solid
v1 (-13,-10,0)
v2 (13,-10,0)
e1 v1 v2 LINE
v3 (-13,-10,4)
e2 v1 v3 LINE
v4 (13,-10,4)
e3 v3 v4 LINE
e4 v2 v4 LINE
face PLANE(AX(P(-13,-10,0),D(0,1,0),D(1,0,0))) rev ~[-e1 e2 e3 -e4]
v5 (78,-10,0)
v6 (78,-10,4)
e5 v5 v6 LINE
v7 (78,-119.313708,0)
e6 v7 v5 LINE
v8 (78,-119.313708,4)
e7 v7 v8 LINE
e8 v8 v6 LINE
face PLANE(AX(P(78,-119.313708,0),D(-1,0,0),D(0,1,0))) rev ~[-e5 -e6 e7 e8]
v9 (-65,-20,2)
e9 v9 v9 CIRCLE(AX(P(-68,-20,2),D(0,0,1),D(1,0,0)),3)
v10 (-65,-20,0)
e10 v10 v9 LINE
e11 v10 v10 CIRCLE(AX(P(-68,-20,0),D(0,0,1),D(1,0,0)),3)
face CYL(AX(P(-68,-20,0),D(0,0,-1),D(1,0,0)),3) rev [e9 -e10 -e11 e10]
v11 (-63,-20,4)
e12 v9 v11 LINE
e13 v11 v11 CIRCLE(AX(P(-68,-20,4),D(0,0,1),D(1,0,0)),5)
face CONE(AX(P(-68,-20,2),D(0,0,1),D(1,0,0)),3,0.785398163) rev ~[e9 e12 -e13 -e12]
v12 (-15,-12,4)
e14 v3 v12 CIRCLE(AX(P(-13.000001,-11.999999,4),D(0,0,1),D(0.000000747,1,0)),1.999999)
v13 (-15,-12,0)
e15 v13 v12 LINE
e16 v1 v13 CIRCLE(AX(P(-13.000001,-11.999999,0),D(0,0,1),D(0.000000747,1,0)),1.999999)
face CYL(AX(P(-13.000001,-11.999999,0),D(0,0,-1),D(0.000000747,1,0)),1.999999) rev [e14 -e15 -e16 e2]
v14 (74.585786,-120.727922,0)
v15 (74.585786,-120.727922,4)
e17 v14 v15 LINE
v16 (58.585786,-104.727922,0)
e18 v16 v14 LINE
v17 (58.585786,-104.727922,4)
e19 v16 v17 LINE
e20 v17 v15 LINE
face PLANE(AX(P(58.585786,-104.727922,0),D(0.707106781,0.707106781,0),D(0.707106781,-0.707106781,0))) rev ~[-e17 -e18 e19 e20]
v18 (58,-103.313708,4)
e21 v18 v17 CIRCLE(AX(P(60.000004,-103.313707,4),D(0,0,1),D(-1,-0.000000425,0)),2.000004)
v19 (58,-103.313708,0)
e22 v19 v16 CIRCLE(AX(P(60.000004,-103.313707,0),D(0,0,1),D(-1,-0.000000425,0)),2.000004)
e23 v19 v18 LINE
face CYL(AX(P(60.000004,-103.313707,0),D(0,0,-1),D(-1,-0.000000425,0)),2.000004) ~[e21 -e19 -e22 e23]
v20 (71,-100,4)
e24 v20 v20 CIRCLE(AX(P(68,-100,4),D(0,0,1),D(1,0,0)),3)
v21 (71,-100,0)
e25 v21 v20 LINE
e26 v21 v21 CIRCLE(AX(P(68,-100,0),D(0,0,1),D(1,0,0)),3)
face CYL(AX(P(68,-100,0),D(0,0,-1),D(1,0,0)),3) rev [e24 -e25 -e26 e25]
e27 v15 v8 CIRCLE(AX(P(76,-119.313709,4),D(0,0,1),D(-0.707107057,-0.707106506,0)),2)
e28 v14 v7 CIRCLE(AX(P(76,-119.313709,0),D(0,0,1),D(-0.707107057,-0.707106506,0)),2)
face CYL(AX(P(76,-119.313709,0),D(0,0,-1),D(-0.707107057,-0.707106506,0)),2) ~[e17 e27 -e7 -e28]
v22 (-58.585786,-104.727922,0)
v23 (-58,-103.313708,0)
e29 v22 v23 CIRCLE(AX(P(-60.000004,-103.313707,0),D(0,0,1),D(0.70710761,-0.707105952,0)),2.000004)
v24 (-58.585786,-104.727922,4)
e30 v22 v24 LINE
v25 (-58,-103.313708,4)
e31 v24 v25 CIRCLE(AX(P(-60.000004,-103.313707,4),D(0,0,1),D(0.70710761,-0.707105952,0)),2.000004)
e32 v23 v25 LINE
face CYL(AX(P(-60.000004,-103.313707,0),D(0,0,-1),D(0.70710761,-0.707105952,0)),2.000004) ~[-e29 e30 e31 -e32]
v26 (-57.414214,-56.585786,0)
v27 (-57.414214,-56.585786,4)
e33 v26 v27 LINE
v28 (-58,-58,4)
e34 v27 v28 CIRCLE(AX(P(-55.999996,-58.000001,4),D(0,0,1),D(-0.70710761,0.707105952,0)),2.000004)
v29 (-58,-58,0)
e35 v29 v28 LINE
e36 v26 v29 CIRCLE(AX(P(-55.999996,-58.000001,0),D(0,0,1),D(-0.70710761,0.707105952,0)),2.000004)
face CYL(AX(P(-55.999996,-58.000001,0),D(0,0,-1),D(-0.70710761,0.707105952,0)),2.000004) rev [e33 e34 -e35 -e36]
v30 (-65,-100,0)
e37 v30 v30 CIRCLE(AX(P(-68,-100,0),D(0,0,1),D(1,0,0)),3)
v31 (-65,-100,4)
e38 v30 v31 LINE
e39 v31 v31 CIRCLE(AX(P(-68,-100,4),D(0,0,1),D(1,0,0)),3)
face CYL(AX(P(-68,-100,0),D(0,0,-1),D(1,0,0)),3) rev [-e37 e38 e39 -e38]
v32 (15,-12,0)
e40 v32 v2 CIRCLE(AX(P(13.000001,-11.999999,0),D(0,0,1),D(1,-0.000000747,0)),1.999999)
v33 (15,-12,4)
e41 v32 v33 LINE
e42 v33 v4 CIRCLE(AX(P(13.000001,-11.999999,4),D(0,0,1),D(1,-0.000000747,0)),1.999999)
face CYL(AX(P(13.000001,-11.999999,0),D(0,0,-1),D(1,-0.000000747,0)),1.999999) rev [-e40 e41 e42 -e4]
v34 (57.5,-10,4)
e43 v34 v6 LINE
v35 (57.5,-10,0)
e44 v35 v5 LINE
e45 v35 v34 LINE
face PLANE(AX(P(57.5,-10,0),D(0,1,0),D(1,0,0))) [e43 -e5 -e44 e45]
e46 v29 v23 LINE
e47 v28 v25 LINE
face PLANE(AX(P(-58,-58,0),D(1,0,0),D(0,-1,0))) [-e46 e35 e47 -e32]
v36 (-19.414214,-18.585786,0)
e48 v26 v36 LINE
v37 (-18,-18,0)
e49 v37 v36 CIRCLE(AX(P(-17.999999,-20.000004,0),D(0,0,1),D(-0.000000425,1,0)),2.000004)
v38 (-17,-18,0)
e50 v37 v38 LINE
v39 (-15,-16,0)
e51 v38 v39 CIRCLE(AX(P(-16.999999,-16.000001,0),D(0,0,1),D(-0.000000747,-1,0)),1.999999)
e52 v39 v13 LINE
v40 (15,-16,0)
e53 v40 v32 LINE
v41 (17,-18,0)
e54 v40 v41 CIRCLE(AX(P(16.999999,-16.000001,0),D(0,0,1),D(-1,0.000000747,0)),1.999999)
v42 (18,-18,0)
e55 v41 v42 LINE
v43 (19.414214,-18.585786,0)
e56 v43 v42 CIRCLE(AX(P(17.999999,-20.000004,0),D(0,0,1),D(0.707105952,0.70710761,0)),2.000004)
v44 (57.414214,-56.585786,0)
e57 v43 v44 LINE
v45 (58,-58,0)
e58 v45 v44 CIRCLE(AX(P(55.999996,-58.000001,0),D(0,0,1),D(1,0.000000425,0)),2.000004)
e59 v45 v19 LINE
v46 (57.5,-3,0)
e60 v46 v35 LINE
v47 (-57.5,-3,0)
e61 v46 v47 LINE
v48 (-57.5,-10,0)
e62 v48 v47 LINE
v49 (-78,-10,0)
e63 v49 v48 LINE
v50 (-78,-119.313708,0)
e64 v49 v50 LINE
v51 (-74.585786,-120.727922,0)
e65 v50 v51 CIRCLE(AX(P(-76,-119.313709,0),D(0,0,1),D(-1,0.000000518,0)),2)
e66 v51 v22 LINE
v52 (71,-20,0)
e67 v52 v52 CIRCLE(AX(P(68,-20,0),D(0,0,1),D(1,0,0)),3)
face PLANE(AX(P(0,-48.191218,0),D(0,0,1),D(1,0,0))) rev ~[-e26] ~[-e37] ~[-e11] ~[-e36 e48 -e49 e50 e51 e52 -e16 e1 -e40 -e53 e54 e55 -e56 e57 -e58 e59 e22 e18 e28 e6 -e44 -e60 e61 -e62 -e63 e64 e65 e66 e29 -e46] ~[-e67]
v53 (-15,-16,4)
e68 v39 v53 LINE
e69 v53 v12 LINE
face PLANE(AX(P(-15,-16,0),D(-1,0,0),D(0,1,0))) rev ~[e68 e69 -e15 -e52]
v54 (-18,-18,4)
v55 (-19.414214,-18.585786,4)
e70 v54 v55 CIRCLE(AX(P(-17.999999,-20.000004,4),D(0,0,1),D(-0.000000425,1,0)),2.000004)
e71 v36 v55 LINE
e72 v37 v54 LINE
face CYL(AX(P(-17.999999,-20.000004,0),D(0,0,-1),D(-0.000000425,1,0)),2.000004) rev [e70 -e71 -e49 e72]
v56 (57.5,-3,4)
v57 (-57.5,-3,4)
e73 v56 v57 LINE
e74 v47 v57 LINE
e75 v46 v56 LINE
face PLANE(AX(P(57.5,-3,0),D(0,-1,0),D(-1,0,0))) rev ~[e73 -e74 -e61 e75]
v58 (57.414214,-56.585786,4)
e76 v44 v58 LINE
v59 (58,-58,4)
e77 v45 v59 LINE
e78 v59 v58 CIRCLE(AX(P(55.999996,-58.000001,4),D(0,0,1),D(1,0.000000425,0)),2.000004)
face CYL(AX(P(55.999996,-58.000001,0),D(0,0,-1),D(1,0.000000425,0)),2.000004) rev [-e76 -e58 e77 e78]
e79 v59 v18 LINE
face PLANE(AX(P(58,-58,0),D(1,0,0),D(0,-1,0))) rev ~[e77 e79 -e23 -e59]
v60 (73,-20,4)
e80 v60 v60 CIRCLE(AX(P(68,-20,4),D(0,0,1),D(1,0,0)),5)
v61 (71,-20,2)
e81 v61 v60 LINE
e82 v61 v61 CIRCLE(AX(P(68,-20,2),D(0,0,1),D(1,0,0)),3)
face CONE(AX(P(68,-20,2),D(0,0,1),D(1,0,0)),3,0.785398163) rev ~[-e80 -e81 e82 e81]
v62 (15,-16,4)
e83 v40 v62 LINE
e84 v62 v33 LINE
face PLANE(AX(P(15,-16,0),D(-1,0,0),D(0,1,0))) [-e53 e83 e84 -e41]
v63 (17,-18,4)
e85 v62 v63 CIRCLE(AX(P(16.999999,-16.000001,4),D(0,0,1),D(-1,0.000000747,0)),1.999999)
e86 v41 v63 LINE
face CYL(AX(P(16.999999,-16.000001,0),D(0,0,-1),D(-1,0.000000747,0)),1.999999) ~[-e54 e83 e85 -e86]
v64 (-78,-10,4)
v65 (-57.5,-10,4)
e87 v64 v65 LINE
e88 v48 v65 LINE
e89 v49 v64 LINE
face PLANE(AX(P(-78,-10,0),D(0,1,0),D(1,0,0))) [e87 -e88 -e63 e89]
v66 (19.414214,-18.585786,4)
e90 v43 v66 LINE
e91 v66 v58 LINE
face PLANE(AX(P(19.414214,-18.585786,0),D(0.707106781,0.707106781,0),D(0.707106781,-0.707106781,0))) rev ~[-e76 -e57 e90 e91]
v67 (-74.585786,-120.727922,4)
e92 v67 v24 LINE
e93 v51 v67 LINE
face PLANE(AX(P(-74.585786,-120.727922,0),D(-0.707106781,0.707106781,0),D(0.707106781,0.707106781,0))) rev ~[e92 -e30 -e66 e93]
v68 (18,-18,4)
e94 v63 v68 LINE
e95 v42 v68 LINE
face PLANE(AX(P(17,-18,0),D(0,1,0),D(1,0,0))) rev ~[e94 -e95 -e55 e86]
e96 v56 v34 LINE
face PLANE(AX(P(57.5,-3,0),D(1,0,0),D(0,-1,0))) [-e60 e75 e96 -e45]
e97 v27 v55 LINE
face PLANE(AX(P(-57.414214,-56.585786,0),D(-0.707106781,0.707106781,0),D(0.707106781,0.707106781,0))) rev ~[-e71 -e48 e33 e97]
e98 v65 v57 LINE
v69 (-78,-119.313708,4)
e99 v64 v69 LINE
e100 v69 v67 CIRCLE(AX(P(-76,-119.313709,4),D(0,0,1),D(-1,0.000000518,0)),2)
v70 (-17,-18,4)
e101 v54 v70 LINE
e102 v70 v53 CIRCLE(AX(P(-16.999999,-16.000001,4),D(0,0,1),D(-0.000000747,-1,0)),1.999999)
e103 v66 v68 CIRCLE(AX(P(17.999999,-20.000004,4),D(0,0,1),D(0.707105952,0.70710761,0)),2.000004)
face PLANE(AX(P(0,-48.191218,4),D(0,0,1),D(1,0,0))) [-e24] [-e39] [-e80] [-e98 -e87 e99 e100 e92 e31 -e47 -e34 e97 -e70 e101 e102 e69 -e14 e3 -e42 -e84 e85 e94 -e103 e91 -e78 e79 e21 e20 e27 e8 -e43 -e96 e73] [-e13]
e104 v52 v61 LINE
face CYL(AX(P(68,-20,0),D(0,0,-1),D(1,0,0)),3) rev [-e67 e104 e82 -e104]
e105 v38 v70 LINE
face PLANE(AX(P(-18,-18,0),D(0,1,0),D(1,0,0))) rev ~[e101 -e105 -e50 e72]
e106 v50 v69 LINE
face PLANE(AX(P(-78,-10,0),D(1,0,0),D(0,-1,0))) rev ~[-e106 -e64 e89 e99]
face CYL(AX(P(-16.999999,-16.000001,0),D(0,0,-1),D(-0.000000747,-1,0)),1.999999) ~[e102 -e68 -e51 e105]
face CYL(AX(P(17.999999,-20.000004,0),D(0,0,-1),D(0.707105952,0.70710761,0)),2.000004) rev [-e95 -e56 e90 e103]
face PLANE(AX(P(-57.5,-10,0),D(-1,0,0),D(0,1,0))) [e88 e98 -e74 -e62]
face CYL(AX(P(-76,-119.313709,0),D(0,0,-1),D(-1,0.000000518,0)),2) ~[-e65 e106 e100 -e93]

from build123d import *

# Parameters (mm, degrees)
SKETCH_R     = 3
PAD_DEPTH    = 4
CHAMFER_SIZE = 2


with BuildPart() as part:
    # Sketch → Pad (new body)
    with BuildSketch(Plane.XY):
        with BuildLine():
            Line((-78, -10), (-78, -119.313708))
            ThreePointArc((-78, -119.313708), (-76.765367, -121.161468), (-74.585786, -120.727922))
            Line((-74.585786, -120.727922), (-58.585786, -104.727922))
            ThreePointArc((-58.585786, -104.727922), (-58.152241, -104.079075), (-58, -103.313708))
            Line((-58, -58), (-58, -103.313708))
            ThreePointArc((-57.414214, -56.585786), (-57.847759, -57.234633), (-58, -58))
            Line((-57.414214, -56.585786), (-19.414214, -18.585786))
            ThreePointArc((-18, -18), (-18.765367, -18.152241), (-19.414214, -18.585786))
            Line((-18, -18), (-17, -18))
            ThreePointArc((-17, -18), (-15.585786, -17.414214), (-15, -16))
            Line((-15, -16), (-15, -12))
            ThreePointArc((-13, -10), (-14.414214, -10.585786), (-15, -12))
            Line((-13, -10), (13, -10))
            ThreePointArc((15, -12), (14.414214, -10.585786), (13, -10))
            Line((15, -16), (15, -12))
            ThreePointArc((15, -16), (15.585786, -17.414214), (17, -18))
            Line((17, -18), (18, -18))
            ThreePointArc((19.414214, -18.585786), (18.765367, -18.152241), (18, -18))
            Line((19.414214, -18.585786), (57.414214, -56.585786))
            ThreePointArc((58, -58), (57.847759, -57.234633), (57.414214, -56.585786))
            Line((58, -58), (58, -103.313708))
            ThreePointArc((58, -103.313708), (58.152241, -104.079075), (58.585786, -104.727922))
            Line((58.585786, -104.727922), (74.585786, -120.727922))
            ThreePointArc((74.585786, -120.727922), (76.765367, -121.161468), (78, -119.313708))
            Line((78, -119.313708), (78, -10))
            Line((57.5, -10), (78, -10))
            Line((57.5, -3), (57.5, -10))
            Line((57.5, -3), (-57.5, -3))
            Line((-57.5, -10), (-57.5, -3))
            Line((-78, -10), (-57.5, -10))
        make_face()
        with Locations((-68, -20)):
            Circle(SKETCH_R, mode=Mode.SUBTRACT)
        with Locations((-68, -100)):
            Circle(SKETCH_R, mode=Mode.SUBTRACT)
        with Locations((68, -20)):
            Circle(SKETCH_R, mode=Mode.SUBTRACT)
        with Locations((68, -100)):
            Circle(SKETCH_R, mode=Mode.SUBTRACT)
    extrude(amount=PAD_DEPTH)

    # Chamfer
    chamfer_edges = [part.edges().sort_by_distance(p)[0] for p in [
        (-71, -20, 4),
        (65, -20, 4),
    ]]
    chamfer(chamfer_edges, length=CHAMFER_SIZE)


solid = part.part
